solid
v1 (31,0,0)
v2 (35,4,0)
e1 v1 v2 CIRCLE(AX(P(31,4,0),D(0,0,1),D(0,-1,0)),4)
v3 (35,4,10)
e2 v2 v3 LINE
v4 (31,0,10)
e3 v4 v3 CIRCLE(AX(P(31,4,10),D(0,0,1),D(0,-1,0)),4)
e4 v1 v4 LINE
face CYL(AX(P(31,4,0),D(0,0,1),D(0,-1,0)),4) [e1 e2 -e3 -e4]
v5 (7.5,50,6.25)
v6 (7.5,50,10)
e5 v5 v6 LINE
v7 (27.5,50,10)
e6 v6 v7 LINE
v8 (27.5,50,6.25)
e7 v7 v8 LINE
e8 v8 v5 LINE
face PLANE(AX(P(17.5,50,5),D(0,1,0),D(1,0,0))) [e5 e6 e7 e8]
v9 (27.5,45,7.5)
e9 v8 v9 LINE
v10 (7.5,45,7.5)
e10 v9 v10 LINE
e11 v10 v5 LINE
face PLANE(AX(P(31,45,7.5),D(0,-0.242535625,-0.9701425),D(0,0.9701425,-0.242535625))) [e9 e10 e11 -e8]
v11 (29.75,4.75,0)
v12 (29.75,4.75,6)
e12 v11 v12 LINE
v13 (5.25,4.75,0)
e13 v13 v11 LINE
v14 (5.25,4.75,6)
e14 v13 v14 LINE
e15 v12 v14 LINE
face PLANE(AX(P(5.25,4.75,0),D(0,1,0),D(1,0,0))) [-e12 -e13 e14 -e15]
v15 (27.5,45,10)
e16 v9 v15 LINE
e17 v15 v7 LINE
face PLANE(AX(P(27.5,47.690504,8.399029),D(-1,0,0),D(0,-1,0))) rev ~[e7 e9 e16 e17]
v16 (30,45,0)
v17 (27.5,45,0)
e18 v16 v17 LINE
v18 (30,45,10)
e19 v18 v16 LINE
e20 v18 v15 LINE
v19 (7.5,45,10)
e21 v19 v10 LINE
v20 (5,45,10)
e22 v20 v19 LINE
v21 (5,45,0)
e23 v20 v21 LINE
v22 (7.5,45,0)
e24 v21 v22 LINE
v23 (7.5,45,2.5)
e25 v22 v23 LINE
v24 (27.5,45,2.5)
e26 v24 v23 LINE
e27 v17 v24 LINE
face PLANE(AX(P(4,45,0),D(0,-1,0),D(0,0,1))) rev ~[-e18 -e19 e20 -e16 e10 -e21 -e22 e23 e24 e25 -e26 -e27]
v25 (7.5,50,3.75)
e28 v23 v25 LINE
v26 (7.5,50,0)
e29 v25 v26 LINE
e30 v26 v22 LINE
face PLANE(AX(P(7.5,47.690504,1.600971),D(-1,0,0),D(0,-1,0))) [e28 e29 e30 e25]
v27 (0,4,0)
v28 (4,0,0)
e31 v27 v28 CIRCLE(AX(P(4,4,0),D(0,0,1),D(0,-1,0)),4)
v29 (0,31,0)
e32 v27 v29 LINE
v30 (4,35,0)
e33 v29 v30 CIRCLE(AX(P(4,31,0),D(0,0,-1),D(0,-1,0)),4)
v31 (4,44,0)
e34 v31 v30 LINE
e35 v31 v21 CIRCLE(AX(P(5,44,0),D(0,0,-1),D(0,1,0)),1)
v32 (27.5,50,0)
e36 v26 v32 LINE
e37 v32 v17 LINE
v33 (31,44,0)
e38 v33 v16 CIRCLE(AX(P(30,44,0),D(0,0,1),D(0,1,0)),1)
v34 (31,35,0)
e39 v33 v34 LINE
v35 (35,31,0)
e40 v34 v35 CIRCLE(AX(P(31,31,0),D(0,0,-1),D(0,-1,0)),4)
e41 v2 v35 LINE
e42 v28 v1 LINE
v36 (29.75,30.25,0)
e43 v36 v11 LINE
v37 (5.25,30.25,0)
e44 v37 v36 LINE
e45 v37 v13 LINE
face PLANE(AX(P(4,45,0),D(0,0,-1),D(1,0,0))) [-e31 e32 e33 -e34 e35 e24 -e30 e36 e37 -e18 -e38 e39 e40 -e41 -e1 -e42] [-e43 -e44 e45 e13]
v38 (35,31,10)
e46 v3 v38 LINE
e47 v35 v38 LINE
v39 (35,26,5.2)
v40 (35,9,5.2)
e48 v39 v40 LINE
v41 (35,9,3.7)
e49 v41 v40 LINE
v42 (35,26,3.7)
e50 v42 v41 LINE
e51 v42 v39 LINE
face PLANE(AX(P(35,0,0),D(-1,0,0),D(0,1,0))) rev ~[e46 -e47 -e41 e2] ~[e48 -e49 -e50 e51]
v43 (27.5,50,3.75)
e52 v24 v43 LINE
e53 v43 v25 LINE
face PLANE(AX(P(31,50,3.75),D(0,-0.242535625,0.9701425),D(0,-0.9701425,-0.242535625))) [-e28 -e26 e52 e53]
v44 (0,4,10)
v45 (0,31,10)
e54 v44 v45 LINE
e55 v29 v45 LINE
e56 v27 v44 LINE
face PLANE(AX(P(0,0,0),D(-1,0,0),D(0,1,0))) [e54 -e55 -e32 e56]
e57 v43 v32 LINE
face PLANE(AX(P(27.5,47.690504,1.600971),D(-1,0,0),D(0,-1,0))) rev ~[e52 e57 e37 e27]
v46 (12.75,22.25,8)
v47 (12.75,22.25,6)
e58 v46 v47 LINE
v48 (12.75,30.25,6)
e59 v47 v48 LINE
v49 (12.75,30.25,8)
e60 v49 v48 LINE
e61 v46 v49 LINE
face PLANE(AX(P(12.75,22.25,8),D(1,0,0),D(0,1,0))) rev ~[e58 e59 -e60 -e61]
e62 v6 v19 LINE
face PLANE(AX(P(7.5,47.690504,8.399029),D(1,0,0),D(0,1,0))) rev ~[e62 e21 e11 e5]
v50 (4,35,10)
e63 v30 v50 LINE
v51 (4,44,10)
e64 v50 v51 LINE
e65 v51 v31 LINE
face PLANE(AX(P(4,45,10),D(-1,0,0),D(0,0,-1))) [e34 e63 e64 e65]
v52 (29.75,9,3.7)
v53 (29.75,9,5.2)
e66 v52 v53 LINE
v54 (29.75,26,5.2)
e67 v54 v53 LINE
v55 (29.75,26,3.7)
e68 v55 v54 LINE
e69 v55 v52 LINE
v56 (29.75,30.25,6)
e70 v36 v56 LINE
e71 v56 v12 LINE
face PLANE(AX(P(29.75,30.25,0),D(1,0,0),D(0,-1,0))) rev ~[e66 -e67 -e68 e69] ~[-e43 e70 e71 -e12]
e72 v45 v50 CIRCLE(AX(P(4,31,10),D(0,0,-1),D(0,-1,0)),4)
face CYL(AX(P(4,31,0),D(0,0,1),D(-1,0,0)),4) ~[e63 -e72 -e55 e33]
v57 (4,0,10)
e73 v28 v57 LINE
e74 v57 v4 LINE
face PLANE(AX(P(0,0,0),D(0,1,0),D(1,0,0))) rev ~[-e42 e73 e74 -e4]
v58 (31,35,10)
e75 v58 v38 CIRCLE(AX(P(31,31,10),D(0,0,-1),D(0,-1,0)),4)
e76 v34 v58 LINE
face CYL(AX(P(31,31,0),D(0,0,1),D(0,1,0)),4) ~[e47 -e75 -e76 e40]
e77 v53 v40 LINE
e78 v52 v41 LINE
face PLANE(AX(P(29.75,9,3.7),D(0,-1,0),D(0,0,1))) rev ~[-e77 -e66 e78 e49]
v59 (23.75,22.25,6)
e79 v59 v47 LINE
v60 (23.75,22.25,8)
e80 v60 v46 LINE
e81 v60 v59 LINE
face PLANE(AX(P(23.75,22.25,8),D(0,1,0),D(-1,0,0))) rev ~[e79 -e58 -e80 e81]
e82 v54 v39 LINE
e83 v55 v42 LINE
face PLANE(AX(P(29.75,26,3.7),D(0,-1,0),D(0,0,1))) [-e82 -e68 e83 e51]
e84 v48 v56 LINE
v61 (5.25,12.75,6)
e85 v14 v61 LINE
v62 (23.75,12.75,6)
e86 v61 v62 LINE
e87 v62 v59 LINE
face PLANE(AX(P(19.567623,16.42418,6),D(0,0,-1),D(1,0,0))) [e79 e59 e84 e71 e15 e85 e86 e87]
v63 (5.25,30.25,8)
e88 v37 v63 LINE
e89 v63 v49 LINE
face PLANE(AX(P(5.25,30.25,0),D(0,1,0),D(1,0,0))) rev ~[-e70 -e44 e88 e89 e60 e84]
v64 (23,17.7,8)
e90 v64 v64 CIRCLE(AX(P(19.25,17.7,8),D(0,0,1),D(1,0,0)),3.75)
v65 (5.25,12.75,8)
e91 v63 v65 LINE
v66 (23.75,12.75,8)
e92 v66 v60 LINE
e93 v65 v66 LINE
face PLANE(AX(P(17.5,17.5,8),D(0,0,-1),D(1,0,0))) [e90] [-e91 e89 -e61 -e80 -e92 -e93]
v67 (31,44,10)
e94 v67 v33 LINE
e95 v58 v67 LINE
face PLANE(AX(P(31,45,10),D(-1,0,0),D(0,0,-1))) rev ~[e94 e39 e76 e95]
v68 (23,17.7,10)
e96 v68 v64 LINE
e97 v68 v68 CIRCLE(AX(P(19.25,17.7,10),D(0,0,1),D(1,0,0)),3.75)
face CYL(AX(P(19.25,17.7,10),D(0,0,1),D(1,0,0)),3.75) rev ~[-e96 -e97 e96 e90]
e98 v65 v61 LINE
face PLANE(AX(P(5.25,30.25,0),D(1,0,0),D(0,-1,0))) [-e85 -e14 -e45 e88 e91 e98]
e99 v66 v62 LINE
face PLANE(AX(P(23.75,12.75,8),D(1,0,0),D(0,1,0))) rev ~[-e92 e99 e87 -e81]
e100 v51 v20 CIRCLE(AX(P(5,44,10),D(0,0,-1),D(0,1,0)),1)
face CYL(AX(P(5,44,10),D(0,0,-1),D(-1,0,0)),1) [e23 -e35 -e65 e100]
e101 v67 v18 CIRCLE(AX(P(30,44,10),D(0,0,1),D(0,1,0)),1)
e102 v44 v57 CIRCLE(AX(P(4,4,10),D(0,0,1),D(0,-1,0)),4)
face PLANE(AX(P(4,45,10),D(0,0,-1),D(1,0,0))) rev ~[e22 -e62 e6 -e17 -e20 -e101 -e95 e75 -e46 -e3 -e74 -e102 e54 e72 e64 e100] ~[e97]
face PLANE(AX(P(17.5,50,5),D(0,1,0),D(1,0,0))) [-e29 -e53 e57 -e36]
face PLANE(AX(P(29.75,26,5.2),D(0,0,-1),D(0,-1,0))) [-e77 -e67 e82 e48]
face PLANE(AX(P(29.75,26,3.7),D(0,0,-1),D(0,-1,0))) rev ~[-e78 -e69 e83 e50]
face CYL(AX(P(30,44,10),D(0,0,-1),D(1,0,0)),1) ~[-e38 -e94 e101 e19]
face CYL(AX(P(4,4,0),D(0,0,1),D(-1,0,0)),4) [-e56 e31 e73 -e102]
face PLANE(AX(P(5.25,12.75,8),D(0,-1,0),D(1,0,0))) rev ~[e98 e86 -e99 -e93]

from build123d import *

# Parameters (mm, degrees)
BOX_W           = 35
BOX_H           = 35
BOX_DEPTH       = 10
SKETCH_W        = 24.5
SKETCH_H        = 25.5
POCKET_DEPTH    = 8
SKETCH001_R     = 3.75
POCKET001_DEPTH = 2
PAD_DEPTH       = 2
SKETCH003_W     = 17
SKETCH003_H     = 1.5
POCKET002_DEPTH = 5.251
FILLET_R        = 4
FILLET_FACE7_W  = 27
FILLET_FACE7_H  = 10
PAD001_DEPTH    = 10
PAD001_FACE19_W = 27
PAD001_FACE19_H = 10
PAD002_DEPTH    = 5
POCKET003_DEPTH = 31.001
POCKET004_DEPTH = 3.5
POCKET005_DEPTH = 3.5
FILLET001_R     = 1


with BuildPart() as part:
    # Box → Box (new body)
    with BuildSketch(Plane.XY):
        with Locations((17.5, 17.5)):
            Rectangle(BOX_W, BOX_H)
    extrude(amount=BOX_DEPTH)

    # Sketch (on Face5 of BaseFeature) → Pocket (cut)
    with BuildSketch(Plane(origin=(0, 0, 0), x_dir=(1, 0, 0), z_dir=(0, 0, -1))):
        with Locations((17.5, -17.5)):
            Rectangle(SKETCH_W, SKETCH_H)
    extrude(amount=-POCKET_DEPTH, mode=Mode.SUBTRACT)

    # Sketch001 (on Face3 of Pocket) → Pocket001 (cut)
    with BuildSketch(Plane.XY.offset(10)):
        with Locations((19.25, 17.7)):
            Circle(SKETCH001_R)
    extrude(amount=-POCKET001_DEPTH, mode=Mode.SUBTRACT)

    # Sketch002 (on Face12 of Pocket001) → Pad (join)
    with BuildSketch(Plane(origin=(0, 0, 8), x_dir=(1, 0, 0), z_dir=(0, 0, -1))):
        Polygon((12.75, -30.25), (29.75, -30.25), (29.75, -4.75), (5.25, -4.75), (5.25, -12.75), (23.75, -12.75), (23.75, -22.25), (12.75, -22.25), align=None)
    extrude(amount=PAD_DEPTH)

    # Sketch003 (on Face9 of Pad) → Pocket002 (cut, through all)
    with BuildSketch(Plane(origin=(29.75, 0, 0), x_dir=(0, -1, 0), z_dir=(-1, 0, 0))):
        with Locations((-17.5, 4.45)):
            Rectangle(SKETCH003_W, SKETCH003_H)
    extrude(amount=-POCKET002_DEPTH, mode=Mode.SUBTRACT)

    # Fillet
    fillet_edges = [part.edges().sort_by_distance(p)[0] for p in [
        (0, 0, 5),
        (35, 0, 5),
        (0, 35, 5),
        (35, 35, 5),
    ]]
    fillet(fillet_edges, radius=FILLET_R)

    # Fillet Face7 → Pad001 (add)
    with BuildSketch(Plane(origin=(17.5, 35, 5), x_dir=(1, 0, 0), z_dir=(0, 1, 0))):
        Rectangle(FILLET_FACE7_W, FILLET_FACE7_H)
    extrude(amount=PAD001_DEPTH)

    # Pad001 Face19 → Pad002 (add)
    with BuildSketch(Plane(origin=(17.5, 45, 5), x_dir=(1, 0, 0), z_dir=(0, 1, 0))):
        Rectangle(PAD001_FACE19_W, PAD001_FACE19_H)
    extrude(amount=PAD002_DEPTH)

    # Sketch004 (on Face30 of Pad002) → Pocket003 (cut, through all)
    with BuildSketch(Plane.YZ.offset(31)):
        Polygon((45, 2.5), (45, 7.5), (50, 6.25), (50, 3.75), align=None)
    extrude(amount=-POCKET003_DEPTH, mode=Mode.SUBTRACT)

    # Sketch005 (on Face32 of Pocket003) → Pocket004 (cut)
    with BuildSketch(Plane.YZ.offset(31)):
        Polygon((45, 0), (45, 2.5), (50, 3.75), (50, 0), align=None)
        Polygon((45, 7.5), (45, 10), (50, 10), (50, 6.25), align=None)
    extrude(amount=-POCKET004_DEPTH, mode=Mode.SUBTRACT)

    # Sketch006 (on Face28 of Pocket004) → Pocket005 (cut)
    with BuildSketch(Plane(origin=(4, 0, 0), x_dir=(0, -1, 0), z_dir=(-1, 0, 0))):
        Polygon((-45, 10), (-45, 7.5), (-50, 6.25), (-50, 10), align=None)
        Polygon((-50, 3.75), (-50, 0), (-45, 0), (-45, 2.5), align=None)
    extrude(amount=-POCKET005_DEPTH, mode=Mode.SUBTRACT)

    # Fillet001
    fillet001_edges = [part.edges().sort_by_distance(p)[0] for p in [
        (4, 45, 5),
        (4, 45, 1.25),
        (4, 45, 8.75),
        (31, 45, 1.25),
        (31, 45, 5),
        (31, 45, 8.75),
    ]]
    fillet(fillet001_edges, radius=FILLET001_R)


solid = part.part
